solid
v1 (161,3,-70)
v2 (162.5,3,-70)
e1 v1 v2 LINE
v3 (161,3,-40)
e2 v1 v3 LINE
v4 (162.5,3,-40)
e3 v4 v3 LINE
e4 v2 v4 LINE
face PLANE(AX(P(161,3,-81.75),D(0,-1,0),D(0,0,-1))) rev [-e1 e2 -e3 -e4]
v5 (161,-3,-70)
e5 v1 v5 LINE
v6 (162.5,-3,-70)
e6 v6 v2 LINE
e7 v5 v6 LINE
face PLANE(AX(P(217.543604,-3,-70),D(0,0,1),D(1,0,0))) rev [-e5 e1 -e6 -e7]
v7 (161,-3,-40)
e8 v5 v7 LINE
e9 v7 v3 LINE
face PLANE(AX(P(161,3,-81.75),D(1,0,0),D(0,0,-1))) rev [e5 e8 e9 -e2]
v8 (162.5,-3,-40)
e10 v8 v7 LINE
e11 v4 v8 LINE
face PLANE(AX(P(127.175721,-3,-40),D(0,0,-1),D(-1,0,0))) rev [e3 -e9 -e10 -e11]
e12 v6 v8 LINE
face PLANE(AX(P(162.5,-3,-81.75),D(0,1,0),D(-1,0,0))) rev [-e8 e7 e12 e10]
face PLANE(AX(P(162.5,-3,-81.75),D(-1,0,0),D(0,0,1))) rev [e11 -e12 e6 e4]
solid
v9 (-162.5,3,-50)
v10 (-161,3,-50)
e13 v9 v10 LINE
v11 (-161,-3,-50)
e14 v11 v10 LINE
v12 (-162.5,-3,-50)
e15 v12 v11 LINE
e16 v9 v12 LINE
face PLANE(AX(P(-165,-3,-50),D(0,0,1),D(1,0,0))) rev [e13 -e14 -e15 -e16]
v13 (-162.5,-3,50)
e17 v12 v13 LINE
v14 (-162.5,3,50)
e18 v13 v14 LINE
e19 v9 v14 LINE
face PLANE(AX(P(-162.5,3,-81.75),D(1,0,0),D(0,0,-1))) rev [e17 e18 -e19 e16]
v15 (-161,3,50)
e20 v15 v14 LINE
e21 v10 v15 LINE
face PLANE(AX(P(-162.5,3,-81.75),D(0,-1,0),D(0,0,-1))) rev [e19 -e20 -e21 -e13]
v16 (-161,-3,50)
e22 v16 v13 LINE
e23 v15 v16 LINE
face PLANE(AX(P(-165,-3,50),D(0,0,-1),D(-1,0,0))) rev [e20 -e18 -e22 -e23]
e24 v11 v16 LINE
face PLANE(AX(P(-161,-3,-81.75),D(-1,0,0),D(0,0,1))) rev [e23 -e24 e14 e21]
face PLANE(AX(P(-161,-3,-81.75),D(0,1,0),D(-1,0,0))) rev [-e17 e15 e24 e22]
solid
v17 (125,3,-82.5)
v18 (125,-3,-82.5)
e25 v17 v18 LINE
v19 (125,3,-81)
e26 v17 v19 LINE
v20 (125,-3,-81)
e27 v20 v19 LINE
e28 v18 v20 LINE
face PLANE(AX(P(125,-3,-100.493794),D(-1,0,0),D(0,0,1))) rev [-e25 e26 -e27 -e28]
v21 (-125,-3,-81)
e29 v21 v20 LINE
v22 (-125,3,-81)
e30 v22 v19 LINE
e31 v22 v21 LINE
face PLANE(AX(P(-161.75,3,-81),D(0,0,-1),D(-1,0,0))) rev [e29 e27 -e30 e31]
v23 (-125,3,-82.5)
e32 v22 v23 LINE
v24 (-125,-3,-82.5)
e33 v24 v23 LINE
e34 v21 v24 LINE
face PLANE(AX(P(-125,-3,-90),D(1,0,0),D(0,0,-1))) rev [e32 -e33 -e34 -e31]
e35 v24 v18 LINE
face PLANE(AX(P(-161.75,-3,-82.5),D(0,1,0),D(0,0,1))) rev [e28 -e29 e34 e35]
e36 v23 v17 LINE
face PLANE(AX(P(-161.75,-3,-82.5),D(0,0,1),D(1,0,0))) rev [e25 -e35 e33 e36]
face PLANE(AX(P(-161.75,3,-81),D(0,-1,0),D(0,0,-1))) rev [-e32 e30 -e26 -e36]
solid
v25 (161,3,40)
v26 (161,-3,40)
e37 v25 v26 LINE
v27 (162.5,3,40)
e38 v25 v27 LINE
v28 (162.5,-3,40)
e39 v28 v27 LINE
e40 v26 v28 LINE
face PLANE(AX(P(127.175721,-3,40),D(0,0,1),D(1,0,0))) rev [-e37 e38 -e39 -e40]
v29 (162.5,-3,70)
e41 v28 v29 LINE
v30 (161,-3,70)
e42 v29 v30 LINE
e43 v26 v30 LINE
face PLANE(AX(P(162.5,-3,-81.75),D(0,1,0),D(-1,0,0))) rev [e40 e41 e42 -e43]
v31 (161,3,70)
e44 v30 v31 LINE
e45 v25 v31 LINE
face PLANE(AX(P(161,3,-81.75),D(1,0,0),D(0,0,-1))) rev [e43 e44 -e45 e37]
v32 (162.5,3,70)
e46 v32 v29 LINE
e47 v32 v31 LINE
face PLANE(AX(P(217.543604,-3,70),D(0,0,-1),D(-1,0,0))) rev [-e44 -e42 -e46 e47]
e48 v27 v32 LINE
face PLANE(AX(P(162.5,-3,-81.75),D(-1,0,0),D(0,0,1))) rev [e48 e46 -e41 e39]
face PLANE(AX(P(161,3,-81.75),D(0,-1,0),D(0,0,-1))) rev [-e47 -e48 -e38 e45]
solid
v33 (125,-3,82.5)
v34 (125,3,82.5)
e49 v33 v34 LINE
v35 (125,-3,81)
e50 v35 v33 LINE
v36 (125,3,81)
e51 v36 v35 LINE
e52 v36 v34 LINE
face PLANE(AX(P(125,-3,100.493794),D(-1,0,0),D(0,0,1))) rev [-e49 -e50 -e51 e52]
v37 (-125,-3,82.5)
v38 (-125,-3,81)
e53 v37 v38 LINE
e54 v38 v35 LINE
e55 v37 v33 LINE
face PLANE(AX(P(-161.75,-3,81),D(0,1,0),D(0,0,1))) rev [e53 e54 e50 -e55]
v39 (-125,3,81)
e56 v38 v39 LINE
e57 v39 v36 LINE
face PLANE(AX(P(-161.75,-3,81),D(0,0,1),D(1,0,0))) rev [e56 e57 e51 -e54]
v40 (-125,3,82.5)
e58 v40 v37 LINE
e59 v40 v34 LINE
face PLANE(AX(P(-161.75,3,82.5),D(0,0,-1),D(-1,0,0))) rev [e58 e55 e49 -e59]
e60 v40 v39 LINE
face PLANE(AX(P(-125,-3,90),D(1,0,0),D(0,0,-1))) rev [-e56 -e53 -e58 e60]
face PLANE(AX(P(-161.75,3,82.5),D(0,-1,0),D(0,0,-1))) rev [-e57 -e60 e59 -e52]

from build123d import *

# Parameters (mm, degrees)
MEMBER_20_X_20_1_DEPTH      = 324.25
MEMBER_20_X_20_1_DEPTH_BACK = 0.75
SKETCH1_W                   = 1.5
SKETCH1_H                   = 6
SKETCH1_ON_SEGMENT_2_W      = 1.5
SKETCH1_ON_SEGMENT_2_H      = 6
MEMBER_20_X_20_1_2_DEPTH    = 325
SKETCH1_ON_SEGMENT_3_W      = 1.5
SKETCH1_ON_SEGMENT_3_H      = 6
MEMBER_20_X_20_1_3_DEPTH    = 165.5
SKETCH1_ON_SEGMENT_4_W      = 1.5
SKETCH1_ON_SEGMENT_4_H      = 6
MEMBER_20_X_20_1_4_DEPTH    = 165.5
CUT_EXTRUDE_1_DEPTH         = 183.267660324
CUT_EXTRUDE_1_DEPTH_BACK    = 183.267660324
SKETCH_3_W                  = 40
SKETCH_3_H                  = 40
SKETCH_3_W_2                = 92.543604288
SKETCH_3_H_2                = 30.493794054
SKETCH_3_W_3                = 46.059335171
SKETCH_3_H_3                = 80


with BuildPart() as part:
    # Sketch1 → Member 20 X 20_1 (new, two sides: drawn at the far end of the back side and taken through both)
    with BuildSketch(Plane(origin=(161.75, 0, -81.75), x_dir=(0, 0, 1), z_dir=(-1, 0, 0)).offset(-MEMBER_20_X_20_1_DEPTH_BACK)):
        Rectangle(SKETCH1_W, SKETCH1_H)
    extrude(amount=MEMBER_20_X_20_1_DEPTH + MEMBER_20_X_20_1_DEPTH_BACK)


with BuildPart() as body_2:
    # Sketch1 on segment 2 (carried to segment 2) → Member 20 X 20_1 2 (new body)
    with BuildSketch(Plane(origin=(162.5, 0, 81.75), x_dir=(0, 0, 1), z_dir=(-1, 0, 0))):
        Rectangle(SKETCH1_ON_SEGMENT_2_W, SKETCH1_ON_SEGMENT_2_H)
    extrude(amount=MEMBER_20_X_20_1_2_DEPTH)


with BuildPart() as body_3:
    # Sketch1 on segment 3 (carried to segment 3) → Member 20 X 20_1 3 (new body)
    with BuildSketch(Plane(origin=(-161.75, 0, 82.75), x_dir=(-1, 0, 0), z_dir=(0, 0, -1))):
        Rectangle(SKETCH1_ON_SEGMENT_3_W, SKETCH1_ON_SEGMENT_3_H)
    extrude(amount=MEMBER_20_X_20_1_3_DEPTH)

    # Member 20 X 20_1 3 end butt 1
    split(bisect_by=Plane(origin=(-161.75, 0, 81), x_dir=(0, 1, 0), z_dir=(0, 0, -1)), keep=Keep.TOP)

    # Member 20 X 20_1 3 end butt 2
    split(bisect_by=Plane(origin=(-161.75, 0, -81), x_dir=(0, -1, 0), z_dir=(0, 0, 1)), keep=Keep.TOP)


with BuildPart() as body_4:
    # Sketch1 on segment 4 (carried to segment 4) → Member 20 X 20_1 4 (new body)
    with BuildSketch(Plane(origin=(161.75, 0, 82.75), x_dir=(-1, 0, 0), z_dir=(0, 0, -1))):
        Rectangle(SKETCH1_ON_SEGMENT_4_W, SKETCH1_ON_SEGMENT_4_H)
    extrude(amount=MEMBER_20_X_20_1_4_DEPTH)

    # Member 20 X 20_1 4 end butt 1
    split(bisect_by=Plane(origin=(161.75, 0, 81), x_dir=(0, 1, 0), z_dir=(0, 0, -1)), keep=Keep.TOP)

    # Member 20 X 20_1 4 end butt 2
    split(bisect_by=Plane(origin=(161.75, 0, -81), x_dir=(0, -1, 0), z_dir=(0, 0, 1)), keep=Keep.TOP)


with BuildPart() as cut_extrude_1_tool:
    # Эскиз3 → Вырез-Вытянуть1 (new, two sides: drawn at the far end of the back side and taken through both)
    with BuildSketch(Plane(origin=(0, 0, 0), x_dir=(1, 0, 0), z_dir=(0, 1, 0)).offset(-CUT_EXTRUDE_1_DEPTH_BACK)):
        with Locations((-145, 70)):
            Rectangle(SKETCH_3_W, SKETCH_3_H)
        with Locations((-145, -70)):
            Rectangle(SKETCH_3_W, SKETCH_3_H)
        with Locations((171.271802144, -85.246897027)):
            Rectangle(SKETCH_3_W_2, SKETCH_3_H_2)
        with Locations((150.205388499, 0)):
            Rectangle(SKETCH_3_W_3, SKETCH_3_H_3)
        with Locations((171.271802144, 85.246897027)):
            Rectangle(SKETCH_3_W_2, SKETCH_3_H_2)
    extrude(amount=CUT_EXTRUDE_1_DEPTH + CUT_EXTRUDE_1_DEPTH_BACK)


with BuildPart() as part_1:
    add(part.part)

    # Вырез-Вытянуть1: cut by cut_extrude_1_tool
    add(cut_extrude_1_tool.part, mode=Mode.SUBTRACT)


with BuildPart() as body_2_1:
    add(body_2.part)

    # Вырез-Вытянуть1: cut by cut_extrude_1_tool
    add(cut_extrude_1_tool.part, mode=Mode.SUBTRACT)


with BuildPart() as body_3_1:
    add(body_3.part)

    # Вырез-Вытянуть1: cut by cut_extrude_1_tool
    add(cut_extrude_1_tool.part, mode=Mode.SUBTRACT)


with BuildPart() as body_4_1:
    add(body_4.part)

    # Вырез-Вытянуть1: cut by cut_extrude_1_tool
    add(cut_extrude_1_tool.part, mode=Mode.SUBTRACT)


solid = Compound([part_1.part, body_2_1.part, body_3_1.part, body_4_1.part])
